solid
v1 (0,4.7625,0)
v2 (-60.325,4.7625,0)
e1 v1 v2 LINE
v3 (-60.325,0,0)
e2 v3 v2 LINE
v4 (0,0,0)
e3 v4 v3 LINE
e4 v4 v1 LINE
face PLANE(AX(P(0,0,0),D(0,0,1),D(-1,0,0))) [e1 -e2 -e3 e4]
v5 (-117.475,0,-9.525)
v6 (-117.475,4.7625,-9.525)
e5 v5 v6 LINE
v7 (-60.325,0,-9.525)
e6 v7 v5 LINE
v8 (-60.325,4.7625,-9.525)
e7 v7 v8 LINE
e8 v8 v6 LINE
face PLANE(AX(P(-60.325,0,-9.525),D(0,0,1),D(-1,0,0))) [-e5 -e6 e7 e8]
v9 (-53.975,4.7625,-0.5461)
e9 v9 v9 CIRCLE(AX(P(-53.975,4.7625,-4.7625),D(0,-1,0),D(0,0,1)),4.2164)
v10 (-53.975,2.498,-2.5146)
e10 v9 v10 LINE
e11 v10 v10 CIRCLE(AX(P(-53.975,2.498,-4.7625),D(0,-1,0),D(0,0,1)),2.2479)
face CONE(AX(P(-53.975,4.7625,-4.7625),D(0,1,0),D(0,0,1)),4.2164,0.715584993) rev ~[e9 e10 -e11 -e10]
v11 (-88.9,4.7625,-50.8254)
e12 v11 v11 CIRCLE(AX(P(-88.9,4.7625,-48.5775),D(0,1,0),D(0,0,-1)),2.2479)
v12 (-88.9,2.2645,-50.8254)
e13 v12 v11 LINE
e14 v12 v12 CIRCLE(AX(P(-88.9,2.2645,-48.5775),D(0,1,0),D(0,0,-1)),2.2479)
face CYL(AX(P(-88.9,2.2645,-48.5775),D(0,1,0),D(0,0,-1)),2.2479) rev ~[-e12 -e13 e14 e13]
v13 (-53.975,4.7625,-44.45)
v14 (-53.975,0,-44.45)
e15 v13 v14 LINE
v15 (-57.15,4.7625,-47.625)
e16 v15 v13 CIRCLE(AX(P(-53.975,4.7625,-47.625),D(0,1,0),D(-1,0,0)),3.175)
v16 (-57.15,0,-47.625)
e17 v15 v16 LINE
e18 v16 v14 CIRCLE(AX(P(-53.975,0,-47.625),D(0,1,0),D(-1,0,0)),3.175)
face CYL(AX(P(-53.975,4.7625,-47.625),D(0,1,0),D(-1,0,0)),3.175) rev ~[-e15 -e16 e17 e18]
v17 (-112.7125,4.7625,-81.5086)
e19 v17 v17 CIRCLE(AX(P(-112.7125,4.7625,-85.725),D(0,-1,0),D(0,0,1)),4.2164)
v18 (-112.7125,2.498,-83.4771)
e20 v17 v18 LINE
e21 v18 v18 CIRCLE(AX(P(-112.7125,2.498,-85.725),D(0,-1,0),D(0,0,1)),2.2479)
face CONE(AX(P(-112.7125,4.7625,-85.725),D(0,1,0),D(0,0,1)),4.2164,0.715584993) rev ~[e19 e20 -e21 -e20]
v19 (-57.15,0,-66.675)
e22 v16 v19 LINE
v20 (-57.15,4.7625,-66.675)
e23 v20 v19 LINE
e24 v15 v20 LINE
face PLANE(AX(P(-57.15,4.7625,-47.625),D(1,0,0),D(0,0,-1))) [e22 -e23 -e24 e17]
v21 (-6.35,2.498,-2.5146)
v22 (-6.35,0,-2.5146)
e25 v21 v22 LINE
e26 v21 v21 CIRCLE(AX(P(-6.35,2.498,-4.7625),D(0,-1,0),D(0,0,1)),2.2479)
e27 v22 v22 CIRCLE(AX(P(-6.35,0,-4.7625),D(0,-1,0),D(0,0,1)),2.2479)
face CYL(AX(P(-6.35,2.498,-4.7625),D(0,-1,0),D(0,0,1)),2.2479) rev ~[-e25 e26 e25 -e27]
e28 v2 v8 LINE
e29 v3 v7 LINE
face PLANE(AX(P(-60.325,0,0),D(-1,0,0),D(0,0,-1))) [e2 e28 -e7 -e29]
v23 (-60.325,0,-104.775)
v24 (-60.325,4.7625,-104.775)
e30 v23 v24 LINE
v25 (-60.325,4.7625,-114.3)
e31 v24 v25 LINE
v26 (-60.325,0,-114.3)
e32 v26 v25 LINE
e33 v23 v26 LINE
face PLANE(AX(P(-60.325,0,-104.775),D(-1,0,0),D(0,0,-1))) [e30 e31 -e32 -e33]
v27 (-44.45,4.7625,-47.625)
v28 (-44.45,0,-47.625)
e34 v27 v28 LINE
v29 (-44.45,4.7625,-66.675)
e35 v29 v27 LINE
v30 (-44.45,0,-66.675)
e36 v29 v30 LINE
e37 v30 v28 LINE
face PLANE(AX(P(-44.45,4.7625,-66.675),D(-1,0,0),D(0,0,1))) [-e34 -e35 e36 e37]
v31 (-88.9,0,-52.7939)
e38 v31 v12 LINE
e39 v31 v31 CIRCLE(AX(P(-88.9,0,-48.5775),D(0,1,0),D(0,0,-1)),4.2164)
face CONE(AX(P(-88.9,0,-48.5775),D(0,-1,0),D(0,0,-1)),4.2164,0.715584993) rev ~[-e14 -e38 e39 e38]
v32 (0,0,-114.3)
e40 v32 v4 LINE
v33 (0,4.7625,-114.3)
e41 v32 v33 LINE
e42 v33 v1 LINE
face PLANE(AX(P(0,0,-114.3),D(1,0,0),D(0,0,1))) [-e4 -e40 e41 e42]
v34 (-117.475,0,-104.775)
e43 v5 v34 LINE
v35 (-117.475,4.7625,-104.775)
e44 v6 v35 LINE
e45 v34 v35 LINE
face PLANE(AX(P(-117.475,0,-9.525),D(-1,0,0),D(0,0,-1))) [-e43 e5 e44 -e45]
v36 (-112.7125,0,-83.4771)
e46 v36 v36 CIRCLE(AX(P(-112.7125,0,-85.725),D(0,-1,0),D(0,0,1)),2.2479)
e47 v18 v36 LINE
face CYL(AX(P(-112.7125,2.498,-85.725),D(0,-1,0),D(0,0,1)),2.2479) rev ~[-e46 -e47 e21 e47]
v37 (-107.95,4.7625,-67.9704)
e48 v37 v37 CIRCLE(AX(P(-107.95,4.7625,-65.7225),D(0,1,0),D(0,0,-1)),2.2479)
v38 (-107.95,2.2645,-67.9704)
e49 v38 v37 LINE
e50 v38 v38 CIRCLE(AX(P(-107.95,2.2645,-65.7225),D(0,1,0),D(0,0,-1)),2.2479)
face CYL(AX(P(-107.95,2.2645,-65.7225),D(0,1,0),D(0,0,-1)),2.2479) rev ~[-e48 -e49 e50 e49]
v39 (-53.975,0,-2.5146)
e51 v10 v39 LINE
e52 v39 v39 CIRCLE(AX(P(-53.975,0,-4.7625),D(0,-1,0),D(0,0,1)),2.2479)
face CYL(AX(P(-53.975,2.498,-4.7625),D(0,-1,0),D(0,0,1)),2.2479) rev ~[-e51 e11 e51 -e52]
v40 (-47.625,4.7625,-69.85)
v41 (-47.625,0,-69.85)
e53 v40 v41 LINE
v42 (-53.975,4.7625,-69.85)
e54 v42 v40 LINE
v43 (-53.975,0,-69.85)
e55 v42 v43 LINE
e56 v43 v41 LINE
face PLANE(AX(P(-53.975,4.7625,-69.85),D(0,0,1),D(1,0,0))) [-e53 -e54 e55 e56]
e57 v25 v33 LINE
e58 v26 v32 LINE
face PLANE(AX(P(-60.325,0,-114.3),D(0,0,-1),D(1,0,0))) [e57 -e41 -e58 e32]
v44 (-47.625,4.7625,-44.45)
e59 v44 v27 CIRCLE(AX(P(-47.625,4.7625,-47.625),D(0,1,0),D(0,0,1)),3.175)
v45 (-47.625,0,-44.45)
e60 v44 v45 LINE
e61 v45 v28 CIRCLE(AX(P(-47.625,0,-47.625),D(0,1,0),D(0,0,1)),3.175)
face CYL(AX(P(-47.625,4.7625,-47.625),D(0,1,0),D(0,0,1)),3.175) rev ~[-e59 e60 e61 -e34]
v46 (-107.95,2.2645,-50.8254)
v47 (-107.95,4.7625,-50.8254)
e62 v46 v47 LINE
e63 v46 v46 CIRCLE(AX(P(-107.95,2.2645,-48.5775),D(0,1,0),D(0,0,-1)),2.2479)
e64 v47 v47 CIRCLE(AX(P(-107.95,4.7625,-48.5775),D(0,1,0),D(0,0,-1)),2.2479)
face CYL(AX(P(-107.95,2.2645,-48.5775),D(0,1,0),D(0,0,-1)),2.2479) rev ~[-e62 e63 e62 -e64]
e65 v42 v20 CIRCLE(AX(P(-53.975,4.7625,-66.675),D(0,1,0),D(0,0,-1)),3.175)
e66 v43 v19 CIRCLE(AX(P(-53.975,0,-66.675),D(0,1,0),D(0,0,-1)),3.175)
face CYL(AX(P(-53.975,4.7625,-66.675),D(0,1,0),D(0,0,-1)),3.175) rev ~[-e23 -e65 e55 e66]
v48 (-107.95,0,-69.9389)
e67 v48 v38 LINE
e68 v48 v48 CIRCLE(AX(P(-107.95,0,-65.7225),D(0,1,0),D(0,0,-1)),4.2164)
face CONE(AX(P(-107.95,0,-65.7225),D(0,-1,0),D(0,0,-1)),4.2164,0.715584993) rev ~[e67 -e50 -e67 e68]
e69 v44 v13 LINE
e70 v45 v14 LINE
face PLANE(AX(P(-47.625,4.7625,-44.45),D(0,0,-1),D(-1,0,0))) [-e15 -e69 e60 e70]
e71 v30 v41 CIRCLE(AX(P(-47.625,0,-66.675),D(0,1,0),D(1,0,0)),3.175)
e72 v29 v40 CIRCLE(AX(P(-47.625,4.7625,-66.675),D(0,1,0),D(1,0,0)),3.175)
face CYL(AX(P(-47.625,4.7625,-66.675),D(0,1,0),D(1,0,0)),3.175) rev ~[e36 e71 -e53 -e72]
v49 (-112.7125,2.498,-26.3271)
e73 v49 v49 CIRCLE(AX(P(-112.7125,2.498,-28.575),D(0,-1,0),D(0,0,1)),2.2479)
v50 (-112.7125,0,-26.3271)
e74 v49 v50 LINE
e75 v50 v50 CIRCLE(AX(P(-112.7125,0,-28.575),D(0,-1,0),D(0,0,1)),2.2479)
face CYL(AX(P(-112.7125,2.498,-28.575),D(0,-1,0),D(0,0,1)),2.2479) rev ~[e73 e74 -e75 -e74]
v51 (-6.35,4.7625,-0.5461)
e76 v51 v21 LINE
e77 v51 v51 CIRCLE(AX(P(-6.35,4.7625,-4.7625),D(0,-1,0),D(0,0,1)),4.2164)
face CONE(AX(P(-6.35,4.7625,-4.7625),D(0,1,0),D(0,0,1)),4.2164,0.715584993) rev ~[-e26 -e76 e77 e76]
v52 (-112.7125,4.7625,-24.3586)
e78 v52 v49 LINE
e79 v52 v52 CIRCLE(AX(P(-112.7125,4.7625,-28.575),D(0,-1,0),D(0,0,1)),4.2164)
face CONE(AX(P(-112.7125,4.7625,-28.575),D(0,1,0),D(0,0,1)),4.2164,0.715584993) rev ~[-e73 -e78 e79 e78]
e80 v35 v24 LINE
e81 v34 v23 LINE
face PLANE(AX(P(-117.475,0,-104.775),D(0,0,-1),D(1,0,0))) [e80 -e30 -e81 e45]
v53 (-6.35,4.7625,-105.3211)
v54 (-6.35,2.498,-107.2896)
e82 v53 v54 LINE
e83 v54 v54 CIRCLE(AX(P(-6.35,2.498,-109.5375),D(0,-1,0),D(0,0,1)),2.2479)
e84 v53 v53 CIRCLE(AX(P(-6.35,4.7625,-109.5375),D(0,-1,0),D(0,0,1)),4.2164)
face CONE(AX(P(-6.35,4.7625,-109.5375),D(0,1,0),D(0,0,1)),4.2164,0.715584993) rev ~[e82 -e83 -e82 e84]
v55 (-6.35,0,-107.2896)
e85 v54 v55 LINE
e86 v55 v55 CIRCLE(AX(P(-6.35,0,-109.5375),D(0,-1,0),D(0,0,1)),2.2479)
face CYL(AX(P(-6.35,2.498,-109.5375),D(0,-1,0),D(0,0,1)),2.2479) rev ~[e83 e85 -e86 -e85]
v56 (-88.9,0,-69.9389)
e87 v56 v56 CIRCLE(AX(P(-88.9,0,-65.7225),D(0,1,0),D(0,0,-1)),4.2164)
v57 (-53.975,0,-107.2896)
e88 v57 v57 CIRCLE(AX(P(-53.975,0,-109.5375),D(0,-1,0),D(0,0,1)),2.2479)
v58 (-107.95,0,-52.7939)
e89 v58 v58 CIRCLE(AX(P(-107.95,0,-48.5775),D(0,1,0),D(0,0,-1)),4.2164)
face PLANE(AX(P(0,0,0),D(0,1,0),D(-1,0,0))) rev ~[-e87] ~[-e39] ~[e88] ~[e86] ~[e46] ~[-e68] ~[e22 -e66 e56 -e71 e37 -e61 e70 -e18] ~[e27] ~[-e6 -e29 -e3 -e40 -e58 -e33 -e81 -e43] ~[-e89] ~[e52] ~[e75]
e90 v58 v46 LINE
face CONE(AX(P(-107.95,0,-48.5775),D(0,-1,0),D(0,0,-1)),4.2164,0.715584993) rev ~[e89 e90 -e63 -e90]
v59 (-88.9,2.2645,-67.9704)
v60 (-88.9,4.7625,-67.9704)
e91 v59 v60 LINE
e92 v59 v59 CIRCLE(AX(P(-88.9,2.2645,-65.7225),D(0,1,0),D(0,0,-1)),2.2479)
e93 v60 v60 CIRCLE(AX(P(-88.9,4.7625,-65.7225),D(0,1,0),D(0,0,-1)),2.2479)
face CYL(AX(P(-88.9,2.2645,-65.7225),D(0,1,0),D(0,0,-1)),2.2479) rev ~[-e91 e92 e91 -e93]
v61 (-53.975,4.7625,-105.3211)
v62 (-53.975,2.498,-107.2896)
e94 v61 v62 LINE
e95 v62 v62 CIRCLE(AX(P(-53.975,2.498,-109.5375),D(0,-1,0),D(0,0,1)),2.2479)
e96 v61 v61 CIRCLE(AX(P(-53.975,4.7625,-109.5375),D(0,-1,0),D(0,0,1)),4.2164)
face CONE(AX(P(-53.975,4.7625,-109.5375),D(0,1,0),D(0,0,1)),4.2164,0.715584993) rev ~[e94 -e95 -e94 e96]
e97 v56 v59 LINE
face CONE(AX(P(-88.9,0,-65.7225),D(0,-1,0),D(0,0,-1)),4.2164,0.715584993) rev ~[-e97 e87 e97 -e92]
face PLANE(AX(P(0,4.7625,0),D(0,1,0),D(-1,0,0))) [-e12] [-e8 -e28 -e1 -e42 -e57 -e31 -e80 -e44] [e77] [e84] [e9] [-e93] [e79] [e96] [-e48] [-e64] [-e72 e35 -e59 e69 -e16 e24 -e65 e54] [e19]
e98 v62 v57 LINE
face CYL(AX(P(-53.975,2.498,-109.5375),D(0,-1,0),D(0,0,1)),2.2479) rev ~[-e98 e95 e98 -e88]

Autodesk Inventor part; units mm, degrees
ref_plane "YZ Plane" through (0, 0, 0) normal (1, 0, 0) x (0, 1, 0)
ref_plane "XZ Plane" through (0, 0, 0) normal (0, 1, 0) x (-1, 0, 0)
ref_plane "XY Plane" through (0, 0, 0) normal (0, 0, 1) x (1, 0, 0)
sketch "Sketch1" plane through (0, 0, 0) normal (0, 1, 0) x (-1, 0, 0)
  line L0 (0, 0) -> (60.325, 0)
  line L1 (60.325, 0) -> (60.325, -9.525)
  line L2 (60.325, -9.525) -> (117.475, -9.525)
  line L3 (117.475, -9.525) -> (117.475, -104.775)
  line L4 (117.475, -104.775) -> (60.325, -104.775)
  line L5 (60.325, -104.775) -> (60.325, -114.3)
  line L6 (60.325, -114.3) -> (0, -114.3)
  line L7 (0, -114.3) -> (0, 0)
  dimension "d0" = 9.525
  dimension "d1" = 95.25
  dimension "d2" = 57.15
  dimension "d3" = 60.325
  dimension "d4" = 117.475
  dimension "d5" = 114.3
extrude "Extrusion1" add sketch "Sketch1" along normal blind 4.7625
sketch "Sketch2" plane through (0, 4.7625, 0) normal (0, 1, 0) x (1, 0, 0)
  line L0 (-117.475, 9.525) -> (-117.475, 104.775) construction
  line L1 (-117.475, 57.15) -> (0, 57.15) construction
  line L2 (-60.325, 0) -> (0, 0) construction
  line L3 (0, 0) -> (0, 114.3) construction
  line L4 (0, 114.3) -> (-60.325, 114.3) construction
  line L5 (-60.325, 114.3) -> (-60.325, 104.775) construction
  line L6 (-60.325, 104.775) -> (-117.475, 104.775) construction
  line L7 (-117.475, 104.775) -> (-117.475, 9.525) construction
  line L8 (-117.475, 9.525) -> (-60.325, 9.525) construction
  line L9 (-60.325, 9.525) -> (-60.325, 0) construction
  point P0 (-53.975, 4.7625)
  point P1 (-6.35, 4.7625)
  point P2 (-112.7125, 28.575)
  point P3 (-53.975, 109.5375)
  point P4 (-6.35, 109.5375)
  point P5 (-112.7125, 85.725)
  dimension "d8" = 6.35
  dimension "d9" = 6.35
  dimension "d10" = 4.7625
  dimension "d11" = 4.7625
  dimension "d12" = 19.05
  dimension "d13" = 4.7625
hole "Hole1" at (-53.975, 4.7625, -4.7625) at (-6.35, 4.7625, -4.7625) at (-112.7125, 4.7625, -28.575) at (-6.35, 4.7625, -109.5375) at (-53.975, 4.7625, -109.5375) at (-112.7125, 4.7625, -85.725) direction (0, -1, 0) diameter 4.4958 end through all countersink diameter 8.4328 countersink angle 82 clearance for "Flat Head Machine Screw (82)" size "#8" standard "Ansi Unified Screw Threads"
sketch "Sketch3" plane through (0, 0, 0) normal (0, -1, 0) x (1, 0, 0)
  circle A0 centre (-53.975, -109.5375) radius 2.2479 construction
  circle A1 centre (-112.7125, -28.575) radius 2.2479 construction
  circle A2 centre (-53.975, -4.7625) radius 2.2479 construction
  circle A3 centre (-6.35, -4.7625) radius 2.2479 construction
  circle A4 centre (-6.35, -109.5375) radius 2.2479 construction
  circle A5 centre (-112.7125, -85.725) radius 2.2479 construction
  line L0 (0, 0) -> (-60.325, 0) construction
  line L1 (-60.325, 0) -> (-60.325, -9.525) construction
  line L2 (-60.325, -9.525) -> (-117.475, -9.525) construction
  line L3 (-117.475, -9.525) -> (-117.475, -104.775) construction
  line L4 (-117.475, -104.775) -> (-60.325, -104.775) construction
  line L5 (-60.325, -104.775) -> (-60.325, -114.3) construction
  line L6 (-60.325, -114.3) -> (0, -114.3) construction
  line L7 (0, -114.3) -> (0, 0) construction
  line L8 (0, -57.15) -> (-117.475, -57.15) construction
  point P0 (-88.9, -48.5775)
  point P1 (-107.95, -48.5775)
  point P2 (-88.9, -65.7225)
  point P3 (-107.95, -65.7225)
  dimension "d22" = 19.05
  dimension "d23" = 8.5725
  dimension "d24" = 8.5725
  dimension "d32" = 9.525
hole "Hole2" at (-88.9, 0, -48.5775) at (-107.95, 0, -48.5775) at (-88.9, 0, -65.7225) at (-107.95, 0, -65.7225) direction (0, 1, 0) diameter 4.4958 end through all countersink diameter 8.4328 countersink angle 82 clearance for "Flat Head Machine Screw (82)" size "#8" standard "Ansi Unified Screw Threads"
sketch "Sketch4" plane through (0, 4.7625, 0) normal (0, 1, 0) x (1, 0, 0)
  line L0 (-47.625, 44.45) -> (-53.975, 44.45)
  line L1 (-57.15, 47.625) -> (-57.15, 66.675)
  line L2 (-53.975, 69.85) -> (-47.625, 69.85)
  line L3 (-44.45, 66.675) -> (-44.45, 47.625)
  line L4 (-44.45, 44.45) -> (-57.15, 69.85) construction
  line L5 (-57.15, 44.45) -> (-44.45, 69.85) construction
  line L6 (0, 0) -> (0, 114.3) projected
  line L7 (0, 57.15) -> (-50.8, 57.15) construction
  arc A0 (-53.975, 69.85) -> (-57.15, 66.675) centre (-53.975, 66.675) ccw
  arc A1 (-44.45, 66.675) -> (-47.625, 69.85) centre (-47.625, 66.675) ccw
  arc A2 (-47.625, 44.45) -> (-44.45, 47.625) centre (-47.625, 47.625) ccw
  arc A3 (-57.15, 47.625) -> (-53.975, 44.45) centre (-53.975, 47.625) ccw
  dimension "d33" = 50.8
  dimension "d34" = 12.7
  dimension "d35" = 25.4
  dimension "d36" = 3.175
extrude "Extrusion2" cut sketch "Sketch4" against normal through all
equation "\"d24\" = d23"
properties part number "ImagineFrameTopBot" material "SAN Plastic"
